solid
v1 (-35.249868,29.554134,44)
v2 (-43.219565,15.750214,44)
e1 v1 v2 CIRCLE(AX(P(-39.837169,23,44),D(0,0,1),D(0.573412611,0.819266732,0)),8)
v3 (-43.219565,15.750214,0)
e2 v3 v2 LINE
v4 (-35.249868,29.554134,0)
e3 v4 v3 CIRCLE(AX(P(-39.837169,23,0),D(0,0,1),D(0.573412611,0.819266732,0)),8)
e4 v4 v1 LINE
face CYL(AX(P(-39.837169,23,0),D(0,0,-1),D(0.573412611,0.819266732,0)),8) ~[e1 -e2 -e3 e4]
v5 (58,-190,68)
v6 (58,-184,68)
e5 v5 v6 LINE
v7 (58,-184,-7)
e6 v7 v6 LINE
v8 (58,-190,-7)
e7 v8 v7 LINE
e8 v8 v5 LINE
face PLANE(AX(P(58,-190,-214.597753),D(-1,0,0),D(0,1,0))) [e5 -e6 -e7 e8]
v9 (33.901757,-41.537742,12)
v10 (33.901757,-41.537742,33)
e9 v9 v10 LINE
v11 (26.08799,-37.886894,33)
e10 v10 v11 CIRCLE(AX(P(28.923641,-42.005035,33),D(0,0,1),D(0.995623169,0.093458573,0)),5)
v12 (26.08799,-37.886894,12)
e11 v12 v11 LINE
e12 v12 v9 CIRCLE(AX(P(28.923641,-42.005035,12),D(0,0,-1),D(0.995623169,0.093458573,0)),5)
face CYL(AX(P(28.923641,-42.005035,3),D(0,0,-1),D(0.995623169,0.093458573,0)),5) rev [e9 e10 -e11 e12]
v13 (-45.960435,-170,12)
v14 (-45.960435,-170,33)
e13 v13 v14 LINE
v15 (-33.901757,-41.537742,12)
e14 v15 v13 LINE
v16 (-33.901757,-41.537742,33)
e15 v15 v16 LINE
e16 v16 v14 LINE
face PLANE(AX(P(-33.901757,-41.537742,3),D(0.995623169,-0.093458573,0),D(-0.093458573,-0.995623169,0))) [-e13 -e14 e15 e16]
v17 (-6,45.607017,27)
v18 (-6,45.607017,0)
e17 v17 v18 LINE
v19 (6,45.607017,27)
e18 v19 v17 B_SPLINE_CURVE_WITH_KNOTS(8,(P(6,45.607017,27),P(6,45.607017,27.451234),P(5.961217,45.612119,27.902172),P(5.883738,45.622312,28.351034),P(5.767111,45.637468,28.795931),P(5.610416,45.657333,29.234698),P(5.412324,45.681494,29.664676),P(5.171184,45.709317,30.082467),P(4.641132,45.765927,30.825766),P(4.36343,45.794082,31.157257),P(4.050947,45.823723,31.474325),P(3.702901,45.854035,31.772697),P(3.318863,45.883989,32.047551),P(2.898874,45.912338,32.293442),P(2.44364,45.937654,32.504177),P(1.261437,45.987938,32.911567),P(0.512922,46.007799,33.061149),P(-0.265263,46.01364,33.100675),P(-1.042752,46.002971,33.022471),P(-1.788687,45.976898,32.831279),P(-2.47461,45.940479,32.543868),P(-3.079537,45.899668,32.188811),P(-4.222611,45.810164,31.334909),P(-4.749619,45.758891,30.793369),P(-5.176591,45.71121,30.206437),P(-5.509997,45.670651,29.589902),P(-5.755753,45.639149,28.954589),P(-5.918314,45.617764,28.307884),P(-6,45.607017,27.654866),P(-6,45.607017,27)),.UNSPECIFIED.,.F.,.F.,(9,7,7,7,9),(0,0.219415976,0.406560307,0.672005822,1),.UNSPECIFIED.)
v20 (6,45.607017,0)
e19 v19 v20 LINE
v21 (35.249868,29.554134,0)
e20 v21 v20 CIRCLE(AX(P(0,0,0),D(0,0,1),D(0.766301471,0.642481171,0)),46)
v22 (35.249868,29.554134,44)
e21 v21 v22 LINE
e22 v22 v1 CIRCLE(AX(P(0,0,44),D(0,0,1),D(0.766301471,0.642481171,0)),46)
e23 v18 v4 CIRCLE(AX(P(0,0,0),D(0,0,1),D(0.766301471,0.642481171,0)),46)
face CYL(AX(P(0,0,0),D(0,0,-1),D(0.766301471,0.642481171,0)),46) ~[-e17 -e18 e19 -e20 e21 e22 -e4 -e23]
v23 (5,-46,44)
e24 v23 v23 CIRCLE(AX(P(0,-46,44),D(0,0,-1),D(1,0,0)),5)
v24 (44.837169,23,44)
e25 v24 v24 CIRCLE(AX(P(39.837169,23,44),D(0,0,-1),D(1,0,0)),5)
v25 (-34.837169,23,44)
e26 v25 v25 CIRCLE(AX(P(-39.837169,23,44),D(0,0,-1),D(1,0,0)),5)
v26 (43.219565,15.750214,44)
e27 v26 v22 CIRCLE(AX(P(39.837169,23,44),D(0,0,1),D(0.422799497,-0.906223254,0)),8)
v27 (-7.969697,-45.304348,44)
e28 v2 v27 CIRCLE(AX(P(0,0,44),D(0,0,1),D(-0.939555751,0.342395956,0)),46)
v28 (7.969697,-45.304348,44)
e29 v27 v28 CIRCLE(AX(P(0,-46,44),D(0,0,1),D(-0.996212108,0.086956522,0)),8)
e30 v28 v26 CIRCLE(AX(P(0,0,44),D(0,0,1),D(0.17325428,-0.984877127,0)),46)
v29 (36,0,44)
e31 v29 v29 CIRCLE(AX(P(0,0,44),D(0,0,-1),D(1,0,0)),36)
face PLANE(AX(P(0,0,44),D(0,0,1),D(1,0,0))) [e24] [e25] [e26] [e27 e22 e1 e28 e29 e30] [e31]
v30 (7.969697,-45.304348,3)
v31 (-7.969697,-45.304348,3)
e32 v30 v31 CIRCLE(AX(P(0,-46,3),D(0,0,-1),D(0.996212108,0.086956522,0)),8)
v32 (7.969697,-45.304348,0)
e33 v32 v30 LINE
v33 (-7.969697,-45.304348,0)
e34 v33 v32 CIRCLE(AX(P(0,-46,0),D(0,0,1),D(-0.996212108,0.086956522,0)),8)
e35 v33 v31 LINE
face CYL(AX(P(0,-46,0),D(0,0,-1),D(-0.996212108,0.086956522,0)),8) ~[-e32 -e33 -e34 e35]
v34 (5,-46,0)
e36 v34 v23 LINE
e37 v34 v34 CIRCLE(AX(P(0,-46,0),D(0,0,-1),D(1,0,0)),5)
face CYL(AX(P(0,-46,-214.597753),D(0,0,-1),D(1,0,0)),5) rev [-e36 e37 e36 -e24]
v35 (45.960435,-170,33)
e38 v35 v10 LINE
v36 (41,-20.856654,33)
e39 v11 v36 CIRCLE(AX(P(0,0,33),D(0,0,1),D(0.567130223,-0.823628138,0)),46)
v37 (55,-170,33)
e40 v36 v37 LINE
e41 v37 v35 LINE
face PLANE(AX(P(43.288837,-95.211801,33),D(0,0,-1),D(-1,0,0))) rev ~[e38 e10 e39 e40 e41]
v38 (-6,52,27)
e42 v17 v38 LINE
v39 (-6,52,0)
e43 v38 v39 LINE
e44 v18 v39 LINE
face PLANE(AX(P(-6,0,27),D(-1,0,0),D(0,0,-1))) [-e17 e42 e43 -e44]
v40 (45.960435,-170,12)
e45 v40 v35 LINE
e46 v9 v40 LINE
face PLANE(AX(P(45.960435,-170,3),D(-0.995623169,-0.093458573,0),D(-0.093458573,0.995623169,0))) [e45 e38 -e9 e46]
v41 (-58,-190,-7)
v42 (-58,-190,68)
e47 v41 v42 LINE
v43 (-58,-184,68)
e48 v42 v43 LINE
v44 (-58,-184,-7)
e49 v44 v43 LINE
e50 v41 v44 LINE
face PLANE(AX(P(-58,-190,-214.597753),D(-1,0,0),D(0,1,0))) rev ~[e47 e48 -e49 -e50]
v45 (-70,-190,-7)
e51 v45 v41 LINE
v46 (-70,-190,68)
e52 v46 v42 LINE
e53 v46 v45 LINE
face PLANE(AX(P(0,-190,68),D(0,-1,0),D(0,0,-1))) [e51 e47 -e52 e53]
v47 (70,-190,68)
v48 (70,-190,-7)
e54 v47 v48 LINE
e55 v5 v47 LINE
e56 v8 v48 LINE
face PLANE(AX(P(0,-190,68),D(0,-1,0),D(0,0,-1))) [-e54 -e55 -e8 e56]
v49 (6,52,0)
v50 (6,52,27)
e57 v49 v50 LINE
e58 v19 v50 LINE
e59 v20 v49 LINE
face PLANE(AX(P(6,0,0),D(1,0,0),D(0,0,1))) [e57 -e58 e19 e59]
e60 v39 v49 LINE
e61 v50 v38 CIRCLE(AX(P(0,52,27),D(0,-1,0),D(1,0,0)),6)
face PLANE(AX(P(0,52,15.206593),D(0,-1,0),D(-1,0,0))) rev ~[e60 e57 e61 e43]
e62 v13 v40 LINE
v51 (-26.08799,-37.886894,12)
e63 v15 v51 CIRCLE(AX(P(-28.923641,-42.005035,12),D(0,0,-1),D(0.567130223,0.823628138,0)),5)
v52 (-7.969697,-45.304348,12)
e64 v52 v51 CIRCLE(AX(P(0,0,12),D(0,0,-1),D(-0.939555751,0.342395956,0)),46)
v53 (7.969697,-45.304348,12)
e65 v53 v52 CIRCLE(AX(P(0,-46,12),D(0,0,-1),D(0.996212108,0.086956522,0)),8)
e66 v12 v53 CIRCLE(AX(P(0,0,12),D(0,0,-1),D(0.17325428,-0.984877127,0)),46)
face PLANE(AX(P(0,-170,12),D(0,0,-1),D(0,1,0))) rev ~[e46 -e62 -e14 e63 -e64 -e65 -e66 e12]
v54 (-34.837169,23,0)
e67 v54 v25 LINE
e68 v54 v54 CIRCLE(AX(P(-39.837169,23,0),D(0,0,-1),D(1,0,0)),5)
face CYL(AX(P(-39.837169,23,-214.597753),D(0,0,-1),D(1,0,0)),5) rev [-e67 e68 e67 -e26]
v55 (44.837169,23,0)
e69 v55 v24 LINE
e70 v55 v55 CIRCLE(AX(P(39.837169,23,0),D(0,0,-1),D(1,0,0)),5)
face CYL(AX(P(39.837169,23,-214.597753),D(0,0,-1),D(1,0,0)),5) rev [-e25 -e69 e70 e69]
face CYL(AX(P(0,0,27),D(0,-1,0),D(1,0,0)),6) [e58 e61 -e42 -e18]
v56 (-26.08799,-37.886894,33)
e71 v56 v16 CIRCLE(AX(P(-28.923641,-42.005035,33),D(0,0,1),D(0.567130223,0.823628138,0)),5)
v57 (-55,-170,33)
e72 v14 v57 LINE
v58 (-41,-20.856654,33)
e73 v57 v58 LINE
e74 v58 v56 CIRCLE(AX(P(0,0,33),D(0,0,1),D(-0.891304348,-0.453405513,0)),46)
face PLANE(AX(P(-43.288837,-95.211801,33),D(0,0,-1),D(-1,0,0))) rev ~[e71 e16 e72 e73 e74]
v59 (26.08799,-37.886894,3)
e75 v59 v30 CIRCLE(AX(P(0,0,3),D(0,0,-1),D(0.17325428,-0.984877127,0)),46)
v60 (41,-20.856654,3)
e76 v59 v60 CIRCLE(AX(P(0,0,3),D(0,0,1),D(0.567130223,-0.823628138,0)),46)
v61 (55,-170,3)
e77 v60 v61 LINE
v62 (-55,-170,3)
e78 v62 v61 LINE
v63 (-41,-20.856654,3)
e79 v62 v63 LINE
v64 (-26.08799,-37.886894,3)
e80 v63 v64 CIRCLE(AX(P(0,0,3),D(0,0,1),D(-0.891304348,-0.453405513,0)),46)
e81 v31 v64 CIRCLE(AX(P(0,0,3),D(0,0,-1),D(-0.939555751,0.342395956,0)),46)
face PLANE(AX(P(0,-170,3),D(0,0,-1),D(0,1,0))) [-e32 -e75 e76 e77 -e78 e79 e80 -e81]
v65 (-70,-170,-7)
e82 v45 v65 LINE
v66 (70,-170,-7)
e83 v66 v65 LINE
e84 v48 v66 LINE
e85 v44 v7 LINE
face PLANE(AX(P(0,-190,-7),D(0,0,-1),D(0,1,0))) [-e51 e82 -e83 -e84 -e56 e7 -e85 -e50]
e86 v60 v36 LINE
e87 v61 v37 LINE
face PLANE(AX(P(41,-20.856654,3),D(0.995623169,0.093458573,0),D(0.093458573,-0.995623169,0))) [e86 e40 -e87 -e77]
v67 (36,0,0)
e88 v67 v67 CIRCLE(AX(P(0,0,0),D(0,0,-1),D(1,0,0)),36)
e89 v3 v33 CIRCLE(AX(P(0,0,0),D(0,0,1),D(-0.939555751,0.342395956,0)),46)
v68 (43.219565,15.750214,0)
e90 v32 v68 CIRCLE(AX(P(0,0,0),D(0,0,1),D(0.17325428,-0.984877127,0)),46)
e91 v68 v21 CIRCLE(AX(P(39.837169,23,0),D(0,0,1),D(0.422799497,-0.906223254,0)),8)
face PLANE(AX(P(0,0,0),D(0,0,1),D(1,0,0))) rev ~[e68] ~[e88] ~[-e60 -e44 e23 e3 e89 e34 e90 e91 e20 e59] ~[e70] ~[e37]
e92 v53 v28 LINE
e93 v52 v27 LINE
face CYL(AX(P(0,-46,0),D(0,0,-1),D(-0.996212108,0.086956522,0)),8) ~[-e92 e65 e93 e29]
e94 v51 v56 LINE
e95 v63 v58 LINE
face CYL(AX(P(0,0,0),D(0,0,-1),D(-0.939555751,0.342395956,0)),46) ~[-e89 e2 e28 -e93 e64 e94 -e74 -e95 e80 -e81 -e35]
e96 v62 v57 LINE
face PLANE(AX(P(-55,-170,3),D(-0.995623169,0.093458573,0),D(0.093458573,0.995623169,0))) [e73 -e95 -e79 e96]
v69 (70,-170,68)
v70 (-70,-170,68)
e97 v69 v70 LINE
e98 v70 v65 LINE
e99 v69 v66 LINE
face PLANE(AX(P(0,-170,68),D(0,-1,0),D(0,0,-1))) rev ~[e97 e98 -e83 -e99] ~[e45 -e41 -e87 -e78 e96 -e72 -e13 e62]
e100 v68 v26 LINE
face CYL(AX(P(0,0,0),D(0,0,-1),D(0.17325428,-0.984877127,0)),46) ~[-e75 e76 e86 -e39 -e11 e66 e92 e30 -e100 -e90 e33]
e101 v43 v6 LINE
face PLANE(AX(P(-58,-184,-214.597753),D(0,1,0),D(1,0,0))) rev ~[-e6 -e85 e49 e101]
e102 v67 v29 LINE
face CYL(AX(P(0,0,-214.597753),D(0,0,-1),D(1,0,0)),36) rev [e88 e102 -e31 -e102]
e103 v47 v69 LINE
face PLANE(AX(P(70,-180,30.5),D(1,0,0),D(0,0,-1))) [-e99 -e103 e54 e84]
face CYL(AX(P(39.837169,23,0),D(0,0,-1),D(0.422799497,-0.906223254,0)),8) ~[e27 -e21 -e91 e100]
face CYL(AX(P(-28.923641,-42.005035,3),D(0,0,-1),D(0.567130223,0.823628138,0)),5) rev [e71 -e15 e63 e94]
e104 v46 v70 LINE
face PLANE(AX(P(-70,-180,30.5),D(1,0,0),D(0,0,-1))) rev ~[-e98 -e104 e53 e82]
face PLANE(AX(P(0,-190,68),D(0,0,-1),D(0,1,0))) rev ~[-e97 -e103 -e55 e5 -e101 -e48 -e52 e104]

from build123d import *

# Parameters (mm, degrees)
EXTRUDE_1_DEPTH             = 44
SKETCH_2_W                  = 75
SKETCH_2_H                  = 20
EXTRUDE_2_DEPTH             = 70
EXTRUDE_3_DEPTH             = 30
EXTRUDE_4_REACH             = 215.598
SKETCH_4_W                  = 9
SKETCH_4_H                  = 170
EXTRUDE_4_DIRECTION_2_REACH = 215.598
EXTRUDE_5_DEPTH             = 52
CUT_EXTRUDE_1_DEPTH         = 214.597752797
CUT_EXTRUDE_1_DEPTH_BACK    = 214.597752797
SKETCH_6_R                  = 36
SKETCH_6_R_2                = 5
SKETCH_6_W                  = 116
SKETCH_6_H                  = 6


with BuildPart() as part:
    # 草图1 → 凸台-拉伸1 (new body)
    with BuildSketch(Plane.XY):
        with BuildLine():
            ThreePointArc((7.969696861, -45.304347826), (39.837168574, -23), (43.21956455, 15.750213971))
            ThreePointArc((43.21956455, 15.750213971), (46.765371804, 27), (35.249867689, 29.554133855))
            ThreePointArc((35.249867689, 29.554133855), (0, 46), (-35.249867689, 29.554133855))
            ThreePointArc((-35.249867689, 29.554133855), (-46.765371804, 27), (-43.21956455, 15.750213971))
            ThreePointArc((-43.21956455, 15.750213971), (-39.837168574, -23), (-7.969696861, -45.304347826))
            ThreePointArc((-7.969696861, -45.304347826), (0, -54), (7.969696861, -45.304347826))
        make_face()
    extrude(amount=EXTRUDE_1_DEPTH)



with BuildPart() as body_2:
    # 草图2 → 凸台-拉伸2 (new, symmetric)
    with BuildSketch(Plane(origin=(0, 0, 0), x_dir=(0, 0, -1), z_dir=(1, 0, 0))):
        with Locations((-30.5, -180)):
            Rectangle(SKETCH_2_W, SKETCH_2_H)
    extrude(amount=EXTRUDE_2_DEPTH, both=True)


with BuildPart() as part_1:
    add(part.part)

    add(body_2.part)  # 凸台-拉伸3 merges body 2
    # 草图3 → 凸台-拉伸3 (add)
    with BuildSketch(Plane.XY.offset(3)):
        with BuildLine():
            Line((55, -170), (45.960435355, -170))
            Line((45.960435355, -170), (33.901757224, -41.537742182))
            ThreePointArc((33.901757224, -41.537742182), (31.040174213, -37.475102515), (26.087990263, -37.886894358))
            ThreePointArc((26.087990263, -37.886894358), (34.60790205, -30.303351559), (41, -20.856653615))
            Line((41, -20.856653615), (55, -170))
        make_face()
        with BuildLine():
            Line((-33.901757224, -41.537742182), (-45.960435355, -170))
            Line((-45.960435355, -170), (-55, -170))
            Line((-55, -170), (-41, -20.856653615))
            ThreePointArc((-41, -20.856653615), (-34.60790205, -30.303351559), (-26.087990263, -37.886894358))
            ThreePointArc((-26.087990263, -37.886894358), (-31.040174213, -37.475102515), (-33.901757224, -41.537742182))
        make_face()
    extrude(amount=EXTRUDE_3_DEPTH)

    # 草图4 → 凸台-拉伸4 (add, up to next)
    with BuildSketch(Plane(origin=(0, 0, 0), x_dir=(0, 0, -1), z_dir=(1, 0, 0)), mode=Mode.PRIVATE) as extrude_4_sk1:
        with Locations((-7.5, -85)):
            Rectangle(SKETCH_4_W, SKETCH_4_H)
    extrude_4_tool1 = extrude(extrude_4_sk1.sketch, amount=EXTRUDE_4_REACH, mode=Mode.PRIVATE) - part_1.part
    add(extrude_4_tool1.solids().sort_by_distance((0, -85, 7.5))[0])

    # 草图4 → 凸台-拉伸4 direction 2 (add, up to next)
    with BuildSketch(Plane(origin=(0, 0, 0), x_dir=(0, 0, -1), z_dir=(1, 0, 0)), mode=Mode.PRIVATE) as extrude_4_direction_2_sk1:
        with Locations((-7.5, -85)):
            Rectangle(SKETCH_4_W, SKETCH_4_H)
    extrude_4_direction_2_tool1 = extrude(extrude_4_direction_2_sk1.sketch, amount=-EXTRUDE_4_DIRECTION_2_REACH, mode=Mode.PRIVATE) - part_1.part
    add(extrude_4_direction_2_tool1.solids().sort_by_distance((0, -85, 7.5))[0])

    # 草图5 → 凸台-拉伸5 (add)
    with BuildSketch(Plane(origin=(0, 0, 0), x_dir=(1, 0, 0), z_dir=(0, 1, 0))):
        with BuildLine():
            Line((-6, -27), (-6, 0))
            Line((-6, 0), (6, 0))
            Line((6, 0), (6, -27))
            ThreePointArc((6, -27), (0, -33), (-6, -27))
        make_face()
    extrude(amount=EXTRUDE_5_DEPTH)

    # 草图6 → 切除-拉伸1 (cut, two sides: drawn at the far end of the back side and taken through both)
    with BuildSketch(Plane.XY.offset(-CUT_EXTRUDE_1_DEPTH_BACK)):
        Circle(SKETCH_6_R)
        with Locations((0, -46)):
            Circle(SKETCH_6_R_2)
        with Locations((-39.837168574, 23)):
            Circle(SKETCH_6_R_2)
        with Locations((39.837168574, 23)):
            Circle(SKETCH_6_R_2)
        with Locations((0, -187)):
            Rectangle(SKETCH_6_W, SKETCH_6_H)
    extrude(amount=CUT_EXTRUDE_1_DEPTH + CUT_EXTRUDE_1_DEPTH_BACK, mode=Mode.SUBTRACT)


solid = part_1.part
